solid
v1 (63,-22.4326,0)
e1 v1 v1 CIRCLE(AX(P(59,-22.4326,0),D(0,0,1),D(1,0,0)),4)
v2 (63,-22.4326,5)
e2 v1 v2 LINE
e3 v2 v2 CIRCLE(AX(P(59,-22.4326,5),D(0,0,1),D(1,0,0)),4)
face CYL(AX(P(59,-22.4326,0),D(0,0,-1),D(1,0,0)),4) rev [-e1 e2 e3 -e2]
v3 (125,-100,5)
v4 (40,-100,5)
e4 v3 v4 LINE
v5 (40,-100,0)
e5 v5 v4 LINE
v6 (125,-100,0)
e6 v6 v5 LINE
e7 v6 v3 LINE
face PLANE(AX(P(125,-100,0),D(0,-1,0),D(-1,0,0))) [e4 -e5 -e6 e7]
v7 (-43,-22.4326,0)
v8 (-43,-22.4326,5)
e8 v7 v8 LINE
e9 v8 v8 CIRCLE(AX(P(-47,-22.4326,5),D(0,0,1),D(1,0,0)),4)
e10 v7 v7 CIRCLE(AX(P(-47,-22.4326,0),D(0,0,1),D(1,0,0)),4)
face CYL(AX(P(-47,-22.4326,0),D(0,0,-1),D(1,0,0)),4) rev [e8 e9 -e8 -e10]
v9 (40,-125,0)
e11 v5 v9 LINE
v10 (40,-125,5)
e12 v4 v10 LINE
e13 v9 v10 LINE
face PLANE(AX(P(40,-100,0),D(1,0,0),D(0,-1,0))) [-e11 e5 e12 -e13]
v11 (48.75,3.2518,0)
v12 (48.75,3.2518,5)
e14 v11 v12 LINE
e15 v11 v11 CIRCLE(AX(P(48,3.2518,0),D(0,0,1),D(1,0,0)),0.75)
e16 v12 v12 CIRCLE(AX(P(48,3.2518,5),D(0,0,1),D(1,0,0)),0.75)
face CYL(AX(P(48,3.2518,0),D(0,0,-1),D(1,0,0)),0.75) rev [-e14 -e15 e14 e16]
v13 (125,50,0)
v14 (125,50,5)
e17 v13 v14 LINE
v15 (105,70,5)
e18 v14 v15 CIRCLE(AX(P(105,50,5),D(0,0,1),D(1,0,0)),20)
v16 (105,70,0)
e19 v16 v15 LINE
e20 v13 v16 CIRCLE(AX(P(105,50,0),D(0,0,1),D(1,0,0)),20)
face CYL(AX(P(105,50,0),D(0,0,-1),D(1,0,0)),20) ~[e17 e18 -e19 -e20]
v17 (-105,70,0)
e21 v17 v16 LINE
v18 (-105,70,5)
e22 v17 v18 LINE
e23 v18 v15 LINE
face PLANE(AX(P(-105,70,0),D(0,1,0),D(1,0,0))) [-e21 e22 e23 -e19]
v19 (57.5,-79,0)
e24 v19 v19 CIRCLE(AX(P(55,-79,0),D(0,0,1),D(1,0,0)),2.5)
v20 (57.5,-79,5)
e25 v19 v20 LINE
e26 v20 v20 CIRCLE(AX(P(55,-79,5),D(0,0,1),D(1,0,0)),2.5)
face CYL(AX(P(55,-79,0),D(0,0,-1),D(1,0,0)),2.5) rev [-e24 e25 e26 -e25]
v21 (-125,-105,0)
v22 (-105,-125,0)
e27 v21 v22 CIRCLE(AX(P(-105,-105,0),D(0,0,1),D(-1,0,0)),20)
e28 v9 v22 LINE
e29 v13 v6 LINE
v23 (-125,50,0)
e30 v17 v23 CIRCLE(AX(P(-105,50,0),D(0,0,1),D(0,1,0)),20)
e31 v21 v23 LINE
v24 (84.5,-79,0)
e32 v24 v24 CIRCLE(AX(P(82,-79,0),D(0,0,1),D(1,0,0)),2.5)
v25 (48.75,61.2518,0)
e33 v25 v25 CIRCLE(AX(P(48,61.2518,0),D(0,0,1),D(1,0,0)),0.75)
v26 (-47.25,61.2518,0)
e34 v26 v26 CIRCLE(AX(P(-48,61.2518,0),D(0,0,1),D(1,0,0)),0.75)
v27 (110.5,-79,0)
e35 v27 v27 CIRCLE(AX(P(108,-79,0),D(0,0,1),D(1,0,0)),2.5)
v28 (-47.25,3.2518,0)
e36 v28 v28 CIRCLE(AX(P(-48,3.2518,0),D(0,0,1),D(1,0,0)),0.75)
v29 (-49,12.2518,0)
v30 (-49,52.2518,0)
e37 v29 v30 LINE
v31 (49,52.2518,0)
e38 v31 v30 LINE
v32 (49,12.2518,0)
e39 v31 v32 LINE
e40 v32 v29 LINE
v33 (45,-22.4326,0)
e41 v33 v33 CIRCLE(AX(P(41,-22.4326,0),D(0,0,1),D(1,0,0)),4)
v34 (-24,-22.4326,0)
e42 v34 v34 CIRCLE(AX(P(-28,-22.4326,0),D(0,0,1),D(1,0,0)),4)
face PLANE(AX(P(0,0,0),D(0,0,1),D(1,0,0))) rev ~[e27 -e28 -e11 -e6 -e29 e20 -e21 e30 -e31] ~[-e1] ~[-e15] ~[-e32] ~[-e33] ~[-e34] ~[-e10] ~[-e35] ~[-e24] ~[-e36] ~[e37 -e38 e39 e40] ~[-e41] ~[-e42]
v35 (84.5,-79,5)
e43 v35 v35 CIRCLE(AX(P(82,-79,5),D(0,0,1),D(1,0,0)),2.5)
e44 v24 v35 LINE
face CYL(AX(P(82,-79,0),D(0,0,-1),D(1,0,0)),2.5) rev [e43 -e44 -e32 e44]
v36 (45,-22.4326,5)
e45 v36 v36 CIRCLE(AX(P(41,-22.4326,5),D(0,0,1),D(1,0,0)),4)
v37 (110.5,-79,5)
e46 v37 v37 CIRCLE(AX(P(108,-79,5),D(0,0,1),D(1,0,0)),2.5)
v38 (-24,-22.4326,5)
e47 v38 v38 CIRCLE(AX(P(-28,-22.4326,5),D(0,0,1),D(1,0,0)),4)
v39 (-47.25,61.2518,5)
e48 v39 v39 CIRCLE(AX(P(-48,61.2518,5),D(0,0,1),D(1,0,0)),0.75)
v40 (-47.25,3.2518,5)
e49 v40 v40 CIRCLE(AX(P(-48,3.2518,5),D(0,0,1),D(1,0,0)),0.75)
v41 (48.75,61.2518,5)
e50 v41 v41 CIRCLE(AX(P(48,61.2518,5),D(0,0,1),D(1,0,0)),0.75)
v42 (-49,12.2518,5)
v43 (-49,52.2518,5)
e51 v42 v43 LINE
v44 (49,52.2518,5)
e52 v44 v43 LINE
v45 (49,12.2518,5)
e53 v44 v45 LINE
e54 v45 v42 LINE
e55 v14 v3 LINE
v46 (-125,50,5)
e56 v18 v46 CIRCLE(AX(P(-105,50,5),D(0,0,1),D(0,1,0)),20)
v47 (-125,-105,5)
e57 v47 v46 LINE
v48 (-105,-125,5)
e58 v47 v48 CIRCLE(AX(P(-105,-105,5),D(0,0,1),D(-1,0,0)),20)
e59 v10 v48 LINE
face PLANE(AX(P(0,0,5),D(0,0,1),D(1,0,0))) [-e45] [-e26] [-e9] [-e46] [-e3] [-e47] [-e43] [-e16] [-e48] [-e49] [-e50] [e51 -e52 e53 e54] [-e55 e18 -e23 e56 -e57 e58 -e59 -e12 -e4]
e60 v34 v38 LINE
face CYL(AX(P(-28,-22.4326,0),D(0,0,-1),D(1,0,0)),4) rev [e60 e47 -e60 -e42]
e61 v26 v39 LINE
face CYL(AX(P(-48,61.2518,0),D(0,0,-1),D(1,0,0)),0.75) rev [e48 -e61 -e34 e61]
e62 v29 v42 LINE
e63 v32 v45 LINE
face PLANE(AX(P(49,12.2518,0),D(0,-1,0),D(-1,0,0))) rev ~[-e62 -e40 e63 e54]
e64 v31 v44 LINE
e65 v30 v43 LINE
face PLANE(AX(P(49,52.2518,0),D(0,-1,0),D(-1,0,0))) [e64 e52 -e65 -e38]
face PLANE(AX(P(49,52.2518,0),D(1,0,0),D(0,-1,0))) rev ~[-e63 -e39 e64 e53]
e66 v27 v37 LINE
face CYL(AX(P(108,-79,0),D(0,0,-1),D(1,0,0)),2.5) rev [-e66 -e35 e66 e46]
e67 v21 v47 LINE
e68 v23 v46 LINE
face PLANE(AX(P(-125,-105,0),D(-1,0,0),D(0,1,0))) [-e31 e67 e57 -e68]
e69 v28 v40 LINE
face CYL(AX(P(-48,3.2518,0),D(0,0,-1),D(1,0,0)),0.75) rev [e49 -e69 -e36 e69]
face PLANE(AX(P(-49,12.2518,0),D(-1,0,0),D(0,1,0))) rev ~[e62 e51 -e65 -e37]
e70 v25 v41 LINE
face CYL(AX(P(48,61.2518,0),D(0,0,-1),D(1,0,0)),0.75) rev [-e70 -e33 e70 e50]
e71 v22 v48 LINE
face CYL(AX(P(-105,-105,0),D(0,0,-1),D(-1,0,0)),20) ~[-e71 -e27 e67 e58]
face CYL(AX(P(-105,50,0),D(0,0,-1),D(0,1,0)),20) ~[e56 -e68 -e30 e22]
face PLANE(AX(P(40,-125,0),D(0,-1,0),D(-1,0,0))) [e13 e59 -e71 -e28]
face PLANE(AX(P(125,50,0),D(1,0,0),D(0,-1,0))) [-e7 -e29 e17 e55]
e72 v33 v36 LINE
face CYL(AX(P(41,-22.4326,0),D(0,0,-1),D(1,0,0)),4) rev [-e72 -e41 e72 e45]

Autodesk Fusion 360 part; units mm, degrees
sketch "Sketch1" plane through (0, 0, 0) normal (0, 0, 1) x (1, 0, 0)
  line L0 (-105, 70) -> (105, 70)
  line L1 (125, 50) -> (125, -100)
  line L2 (-125, -105) -> (-125, 50)
  line L3 (0, 0) -> (0, -125) construction
  line L4 (0, 70) -> (0, 0) construction
  line L5 (125, -100) -> (-125, -100) construction
  line L6 (99.0375, -125) -> (99.0375, -79) construction
  line L7 (125, -79) -> (-125, -79) construction
  circle A0 centre (108, -79) radius 2.5
  line L8 (108, -79) -> (82, -79) construction
  circle A1 centre (82, -79) radius 2.5
  line L9 (82, -79) -> (55, -79) construction
  circle A2 centre (55, -79) radius 2.5
  line L10 (125, -100) -> (40, -100)
  line L11 (40, -100) -> (40, -125)
  line L12 (40, -125) -> (40, -32) construction
  line L13 (40, -32) -> (125, -32) construction
  line L14 (125, -42.4326) -> (-125, -42.4326) construction
  line L15 (0, -7.4326) -> (65, -7.4326) construction
  line L16 (65, -7.4326) -> (65, -42.4326) construction
  line L17 (65, -42.4326) -> (-65, -42.4326) construction
  line L18 (-65, -42.4326) -> (-65, -7.4326) construction
  line L19 (-65, -7.4326) -> (0, -7.4326) construction
  line L20 (65, -22.4326) -> (-65, -22.4326) construction
  circle A3 centre (59, -22.4326) radius 4
  circle A4 centre (41, -22.4326) radius 4
  line L21 (50.7951, -22.4326) -> (50.7951, -7.4326) construction
  line L22 (-65, -26.2761) -> (-47, -26.2761) construction
  line L23 (-47, -26.2761) -> (-47, -22.4326) construction
  circle A5 centre (-47, -22.4326) radius 4
  line L24 (-47, -26.2761) -> (-28, -26.2761) construction
  line L25 (-28, -26.2761) -> (-28, -22.4326) construction
  circle A6 centre (-28, -22.4326) radius 4
  line L26 (-49, 62.2518) -> (49, 62.2518) construction
  line L27 (49, 2.2518) -> (-49, 2.2518) construction
  line L28 (-49, 32.2518) -> (49, 32.2518) construction
  line L29 (0, 62.2518) -> (0, 2.2518) construction
  line L30 (12.9393, 32.2518) -> (12.9393, 52.2518) construction
  line L31 (12.9393, 32.2518) -> (12.9393, 12.2518) construction
  line L32 (49, 52.2518) -> (-49, 52.2518)
  line L33 (49, 12.2518) -> (-49, 12.2518)
  circle A7 centre (-48, 61.2518) radius 0.75
  line L34 (49, 61.2518) -> (48, 61.2518) construction
  line L35 (48, 62.2518) -> (48, 61.2518) construction
  circle A8 centre (48, 61.2518) radius 0.75
  line L36 (49, 3.2518) -> (48, 3.2518) construction
  line L37 (48, 3.2518) -> (48, 2.2518) construction
  circle A9 centre (48, 3.2518) radius 0.75
  line L38 (-48, 2.2518) -> (-48, 3.2518) construction
  line L39 (-49, 3.2518) -> (-48, 3.2518) construction
  circle A10 centre (-48, 3.2518) radius 0.75
  arc A11 (-105, 70) -> (-125, 50) centre (-105, 50) ccw
  arc A12 (125, 50) -> (105, 70) centre (105, 50) ccw
  arc A13 (-125, -105) -> (-105, -125) centre (-105, -105) ccw
  line L40 (-125, -7.4326) -> (125, -7.4326) construction
  line L41 (49, 62.2518) -> (49, 61.2518)
  line L42 (49, 52.2518) -> (49, 62.2518) construction
  line L43 (-49, 52.2518) -> (-49, 62.2518) construction
  line L44 (-49, 2.2518) -> (-49, 3.2518)
  line L45 (-49, 12.2518) -> (-49, 52.2518)
  line L46 (-49, 12.2518) -> (-49, 3.2518) construction
  line L47 (49, 52.2518) -> (49, 12.2518)
  line L48 (49, 3.2518) -> (49, 2.2518)
  line L49 (49, 12.2518) -> (49, 2.2518) construction
  line L50 (40, -125) -> (-105, -125)
  dimension "d12" = 46
  dimension "d13" = 17
  dimension "d14" = 5
  dimension "d16" = 5
  dimension "d18" = 5
  dimension "d19" = 85
  dimension "d20" = 93
  dimension "d21" = 65
  dimension "d22" = 130
  dimension "d33" = 8
  dimension "d34" = 8
  dimension "d37" = 15
  dimension "d38" = 18
  dimension "d39" = 8
  dimension "d40" = 19
  dimension "d41" = 8
  dimension "d42" = 98
  dimension "d43" = 60
  dimension "d44" = 20
  dimension "d45" = 20
  dimension "d46" = 98
  dimension "d47" = 98
  dimension "d50" = 1.5
  dimension "d52" = 1
  dimension "d53" = 1
  dimension "d54" = 1.5
  dimension "d56" = 1
  dimension "d57" = 1.5
  dimension "d59" = 1
  dimension "d60" = 1.5
  dimension "d67" = 20
  dimension "d68" = 20
  dimension "d69" = 20
extrude "Extruir1" add sketch "Sketch1" along normal blind 5
